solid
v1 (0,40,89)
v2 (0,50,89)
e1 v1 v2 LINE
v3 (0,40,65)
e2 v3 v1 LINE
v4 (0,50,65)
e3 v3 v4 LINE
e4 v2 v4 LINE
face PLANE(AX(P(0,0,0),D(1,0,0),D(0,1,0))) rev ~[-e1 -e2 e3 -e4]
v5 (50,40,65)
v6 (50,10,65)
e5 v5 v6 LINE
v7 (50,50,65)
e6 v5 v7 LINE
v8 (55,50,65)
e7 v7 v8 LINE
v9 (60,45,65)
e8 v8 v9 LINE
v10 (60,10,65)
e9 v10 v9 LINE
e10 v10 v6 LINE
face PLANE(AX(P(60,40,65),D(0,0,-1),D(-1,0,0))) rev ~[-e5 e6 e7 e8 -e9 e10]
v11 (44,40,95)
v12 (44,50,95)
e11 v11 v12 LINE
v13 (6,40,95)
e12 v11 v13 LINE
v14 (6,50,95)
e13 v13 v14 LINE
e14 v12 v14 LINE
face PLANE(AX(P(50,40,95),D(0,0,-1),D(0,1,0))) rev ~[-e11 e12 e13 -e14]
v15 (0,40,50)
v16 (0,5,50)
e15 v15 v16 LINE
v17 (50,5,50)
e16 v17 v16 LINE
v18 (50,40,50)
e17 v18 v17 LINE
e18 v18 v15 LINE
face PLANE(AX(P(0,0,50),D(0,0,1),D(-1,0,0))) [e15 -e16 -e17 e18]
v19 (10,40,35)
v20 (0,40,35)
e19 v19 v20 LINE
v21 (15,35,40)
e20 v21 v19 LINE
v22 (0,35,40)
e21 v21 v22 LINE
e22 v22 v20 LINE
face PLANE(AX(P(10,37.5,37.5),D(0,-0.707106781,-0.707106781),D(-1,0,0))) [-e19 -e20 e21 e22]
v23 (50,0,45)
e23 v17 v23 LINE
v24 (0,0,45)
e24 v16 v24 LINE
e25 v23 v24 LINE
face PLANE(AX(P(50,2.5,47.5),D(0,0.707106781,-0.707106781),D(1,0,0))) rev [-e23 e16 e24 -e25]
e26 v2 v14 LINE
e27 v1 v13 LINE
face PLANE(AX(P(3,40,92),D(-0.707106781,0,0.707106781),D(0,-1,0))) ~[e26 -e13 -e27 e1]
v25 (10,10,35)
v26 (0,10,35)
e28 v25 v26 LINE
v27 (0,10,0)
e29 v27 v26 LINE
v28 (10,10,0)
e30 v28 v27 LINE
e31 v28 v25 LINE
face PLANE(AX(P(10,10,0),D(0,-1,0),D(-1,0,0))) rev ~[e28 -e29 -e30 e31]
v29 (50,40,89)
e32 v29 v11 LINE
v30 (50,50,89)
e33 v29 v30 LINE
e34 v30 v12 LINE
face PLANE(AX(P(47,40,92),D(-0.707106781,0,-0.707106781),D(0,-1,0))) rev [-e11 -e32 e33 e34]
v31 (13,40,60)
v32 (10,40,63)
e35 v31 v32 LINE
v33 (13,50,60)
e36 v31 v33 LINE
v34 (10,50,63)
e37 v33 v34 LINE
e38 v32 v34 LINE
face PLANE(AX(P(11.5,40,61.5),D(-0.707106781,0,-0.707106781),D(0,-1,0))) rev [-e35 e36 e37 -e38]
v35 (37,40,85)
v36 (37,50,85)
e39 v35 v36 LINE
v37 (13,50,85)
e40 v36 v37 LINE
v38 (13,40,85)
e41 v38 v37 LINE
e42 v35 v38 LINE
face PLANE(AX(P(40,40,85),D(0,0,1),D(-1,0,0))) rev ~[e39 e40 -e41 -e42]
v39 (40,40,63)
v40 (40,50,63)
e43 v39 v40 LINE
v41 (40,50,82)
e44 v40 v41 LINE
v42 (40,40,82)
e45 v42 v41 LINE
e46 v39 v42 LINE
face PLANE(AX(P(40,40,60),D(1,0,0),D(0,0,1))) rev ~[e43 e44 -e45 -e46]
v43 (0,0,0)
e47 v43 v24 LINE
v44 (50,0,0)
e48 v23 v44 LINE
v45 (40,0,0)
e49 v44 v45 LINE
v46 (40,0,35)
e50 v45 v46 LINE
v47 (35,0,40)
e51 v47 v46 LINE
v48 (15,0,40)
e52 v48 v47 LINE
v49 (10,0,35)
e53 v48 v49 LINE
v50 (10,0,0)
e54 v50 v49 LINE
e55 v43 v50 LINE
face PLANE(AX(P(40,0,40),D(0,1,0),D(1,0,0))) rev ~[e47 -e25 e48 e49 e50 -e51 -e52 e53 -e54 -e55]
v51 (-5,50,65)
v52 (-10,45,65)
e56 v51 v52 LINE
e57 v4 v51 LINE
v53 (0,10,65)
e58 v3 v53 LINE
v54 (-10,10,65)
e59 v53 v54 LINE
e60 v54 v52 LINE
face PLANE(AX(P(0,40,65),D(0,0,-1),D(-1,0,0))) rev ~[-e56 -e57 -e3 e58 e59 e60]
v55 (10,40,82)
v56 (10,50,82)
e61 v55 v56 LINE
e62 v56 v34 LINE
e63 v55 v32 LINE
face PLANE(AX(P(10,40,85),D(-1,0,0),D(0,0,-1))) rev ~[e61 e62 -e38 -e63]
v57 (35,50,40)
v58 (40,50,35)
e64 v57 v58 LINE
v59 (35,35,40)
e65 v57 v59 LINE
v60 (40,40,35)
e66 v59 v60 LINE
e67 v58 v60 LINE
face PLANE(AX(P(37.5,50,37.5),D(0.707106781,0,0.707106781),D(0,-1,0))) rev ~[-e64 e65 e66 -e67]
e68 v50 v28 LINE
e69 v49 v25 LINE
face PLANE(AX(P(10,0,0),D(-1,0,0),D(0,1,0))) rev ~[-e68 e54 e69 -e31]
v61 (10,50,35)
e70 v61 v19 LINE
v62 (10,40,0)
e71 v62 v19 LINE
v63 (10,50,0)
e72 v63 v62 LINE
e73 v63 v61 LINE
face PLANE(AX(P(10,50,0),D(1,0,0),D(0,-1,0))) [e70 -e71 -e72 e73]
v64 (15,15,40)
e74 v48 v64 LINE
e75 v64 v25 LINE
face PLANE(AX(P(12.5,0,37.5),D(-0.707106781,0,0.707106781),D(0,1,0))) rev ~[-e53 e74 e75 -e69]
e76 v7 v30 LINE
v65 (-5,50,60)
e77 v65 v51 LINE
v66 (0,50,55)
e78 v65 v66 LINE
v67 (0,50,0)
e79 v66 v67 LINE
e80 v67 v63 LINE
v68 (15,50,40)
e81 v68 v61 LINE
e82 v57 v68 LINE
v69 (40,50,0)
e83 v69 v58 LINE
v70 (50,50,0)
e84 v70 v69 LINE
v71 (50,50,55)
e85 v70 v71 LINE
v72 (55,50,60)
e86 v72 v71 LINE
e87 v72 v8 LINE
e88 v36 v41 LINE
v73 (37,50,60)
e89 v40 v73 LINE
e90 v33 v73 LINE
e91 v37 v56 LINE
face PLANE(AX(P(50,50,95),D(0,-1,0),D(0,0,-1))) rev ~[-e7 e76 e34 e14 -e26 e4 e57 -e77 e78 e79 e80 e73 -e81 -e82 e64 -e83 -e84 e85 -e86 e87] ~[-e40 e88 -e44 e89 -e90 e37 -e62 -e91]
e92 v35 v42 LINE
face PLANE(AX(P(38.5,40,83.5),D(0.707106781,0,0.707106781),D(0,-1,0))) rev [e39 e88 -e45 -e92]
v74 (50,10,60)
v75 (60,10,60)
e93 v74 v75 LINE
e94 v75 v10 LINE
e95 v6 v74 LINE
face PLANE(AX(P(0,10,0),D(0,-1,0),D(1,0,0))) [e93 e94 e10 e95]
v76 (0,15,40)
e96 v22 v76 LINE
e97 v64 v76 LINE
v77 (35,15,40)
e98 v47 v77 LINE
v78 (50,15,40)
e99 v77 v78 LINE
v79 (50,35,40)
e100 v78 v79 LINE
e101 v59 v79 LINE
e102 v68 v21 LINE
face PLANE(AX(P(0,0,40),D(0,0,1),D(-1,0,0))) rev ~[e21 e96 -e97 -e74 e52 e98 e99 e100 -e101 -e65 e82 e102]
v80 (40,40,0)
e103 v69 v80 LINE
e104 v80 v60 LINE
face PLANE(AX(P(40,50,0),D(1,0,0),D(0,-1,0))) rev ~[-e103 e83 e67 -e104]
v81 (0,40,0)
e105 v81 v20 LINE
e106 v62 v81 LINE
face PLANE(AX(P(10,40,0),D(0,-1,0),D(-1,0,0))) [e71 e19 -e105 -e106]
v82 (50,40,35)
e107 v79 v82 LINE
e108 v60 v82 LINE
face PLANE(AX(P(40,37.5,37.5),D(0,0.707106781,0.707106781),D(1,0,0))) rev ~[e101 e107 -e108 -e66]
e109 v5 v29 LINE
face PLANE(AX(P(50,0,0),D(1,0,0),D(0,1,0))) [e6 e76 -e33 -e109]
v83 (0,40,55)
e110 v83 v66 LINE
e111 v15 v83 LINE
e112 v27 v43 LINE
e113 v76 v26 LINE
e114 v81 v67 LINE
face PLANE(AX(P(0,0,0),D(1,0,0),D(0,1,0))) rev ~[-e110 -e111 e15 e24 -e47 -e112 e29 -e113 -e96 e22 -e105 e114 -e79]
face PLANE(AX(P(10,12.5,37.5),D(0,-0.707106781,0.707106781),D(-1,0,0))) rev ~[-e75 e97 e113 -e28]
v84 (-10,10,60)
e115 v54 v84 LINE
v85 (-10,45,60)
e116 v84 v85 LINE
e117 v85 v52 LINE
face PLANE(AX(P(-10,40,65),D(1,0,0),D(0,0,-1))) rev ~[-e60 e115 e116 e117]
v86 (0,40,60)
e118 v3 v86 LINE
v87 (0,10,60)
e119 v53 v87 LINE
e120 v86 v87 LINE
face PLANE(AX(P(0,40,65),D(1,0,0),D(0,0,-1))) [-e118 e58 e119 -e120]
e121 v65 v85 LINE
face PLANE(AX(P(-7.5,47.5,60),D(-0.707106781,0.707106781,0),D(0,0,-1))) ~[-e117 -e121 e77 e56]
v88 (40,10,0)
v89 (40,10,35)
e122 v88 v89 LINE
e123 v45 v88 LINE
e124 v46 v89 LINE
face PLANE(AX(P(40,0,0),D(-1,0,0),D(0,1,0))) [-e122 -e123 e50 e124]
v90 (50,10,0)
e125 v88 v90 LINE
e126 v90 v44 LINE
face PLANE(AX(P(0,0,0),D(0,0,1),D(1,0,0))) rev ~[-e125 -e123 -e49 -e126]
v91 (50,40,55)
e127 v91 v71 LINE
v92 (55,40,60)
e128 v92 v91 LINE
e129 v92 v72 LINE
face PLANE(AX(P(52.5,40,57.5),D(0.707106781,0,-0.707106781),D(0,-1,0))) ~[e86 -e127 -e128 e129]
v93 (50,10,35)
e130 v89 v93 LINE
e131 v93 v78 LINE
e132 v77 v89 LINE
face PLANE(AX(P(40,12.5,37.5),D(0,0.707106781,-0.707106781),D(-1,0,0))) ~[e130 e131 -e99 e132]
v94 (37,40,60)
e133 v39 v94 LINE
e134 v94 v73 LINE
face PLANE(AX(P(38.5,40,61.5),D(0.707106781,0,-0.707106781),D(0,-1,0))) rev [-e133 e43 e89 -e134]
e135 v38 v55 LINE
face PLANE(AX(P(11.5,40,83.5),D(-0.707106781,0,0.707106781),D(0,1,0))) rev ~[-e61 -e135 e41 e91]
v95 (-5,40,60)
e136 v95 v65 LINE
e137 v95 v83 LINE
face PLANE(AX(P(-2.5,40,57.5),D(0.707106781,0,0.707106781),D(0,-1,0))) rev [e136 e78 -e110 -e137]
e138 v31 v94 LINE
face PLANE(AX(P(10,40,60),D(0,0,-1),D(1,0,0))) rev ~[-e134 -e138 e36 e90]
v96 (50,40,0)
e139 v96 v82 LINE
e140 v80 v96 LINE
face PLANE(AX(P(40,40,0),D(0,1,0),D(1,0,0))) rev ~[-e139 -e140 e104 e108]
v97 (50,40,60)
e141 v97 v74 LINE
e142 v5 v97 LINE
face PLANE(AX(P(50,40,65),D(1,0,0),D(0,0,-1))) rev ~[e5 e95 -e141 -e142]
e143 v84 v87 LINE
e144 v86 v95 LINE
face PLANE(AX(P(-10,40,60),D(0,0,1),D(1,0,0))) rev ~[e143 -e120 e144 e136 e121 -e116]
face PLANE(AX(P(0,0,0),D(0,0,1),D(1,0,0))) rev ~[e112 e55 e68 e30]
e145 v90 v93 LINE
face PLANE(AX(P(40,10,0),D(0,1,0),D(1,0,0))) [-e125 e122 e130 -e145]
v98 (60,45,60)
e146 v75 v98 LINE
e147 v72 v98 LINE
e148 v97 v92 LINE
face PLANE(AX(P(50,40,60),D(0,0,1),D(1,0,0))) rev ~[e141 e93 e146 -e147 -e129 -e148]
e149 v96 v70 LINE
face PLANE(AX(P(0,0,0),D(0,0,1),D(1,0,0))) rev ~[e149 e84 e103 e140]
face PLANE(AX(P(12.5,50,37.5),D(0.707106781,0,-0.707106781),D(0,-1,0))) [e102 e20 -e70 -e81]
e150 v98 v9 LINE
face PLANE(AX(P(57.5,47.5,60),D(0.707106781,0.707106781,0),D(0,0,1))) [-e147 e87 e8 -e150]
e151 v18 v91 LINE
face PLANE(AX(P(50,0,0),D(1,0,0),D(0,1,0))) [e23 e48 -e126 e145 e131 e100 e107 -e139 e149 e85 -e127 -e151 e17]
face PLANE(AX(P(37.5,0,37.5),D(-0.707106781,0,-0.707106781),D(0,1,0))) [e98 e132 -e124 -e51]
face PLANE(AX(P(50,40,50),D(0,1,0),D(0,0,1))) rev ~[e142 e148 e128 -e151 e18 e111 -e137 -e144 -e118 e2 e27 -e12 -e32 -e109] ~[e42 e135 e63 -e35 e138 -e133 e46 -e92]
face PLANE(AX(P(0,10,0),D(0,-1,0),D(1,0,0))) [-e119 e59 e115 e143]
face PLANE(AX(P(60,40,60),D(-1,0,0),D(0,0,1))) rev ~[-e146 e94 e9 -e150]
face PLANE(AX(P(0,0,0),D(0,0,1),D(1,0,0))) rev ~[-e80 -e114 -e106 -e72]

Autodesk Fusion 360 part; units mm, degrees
sketch "Sketch1" plane through (0, 0, 0) normal (0, 0, 1) x (1, 0, 0) in component "Chair Brutaliste"
  line L0 (0, 0) -> (10, 0)
  line L1 (10, 0) -> (10, 10)
  line L2 (10, 10) -> (0, 10)
  line L3 (0, 10) -> (0, 0)
  line L4 (0, 0) -> (50, 0) construction
  line L5 (50, 0) -> (50, 50) construction
  line L6 (50, 50) -> (0, 50) construction
  line L7 (50, 0) -> (40, 0)
  line L8 (40, 0) -> (40, 10)
  line L9 (40, 10) -> (50, 10)
  line L10 (50, 10) -> (50, 0)
  line L11 (50, 50) -> (40, 50)
  line L12 (40, 50) -> (40, 40)
  line L13 (40, 40) -> (50, 40)
  line L14 (50, 40) -> (50, 50)
  line L15 (0, 50) -> (10, 50)
  line L16 (10, 50) -> (10, 40)
  line L17 (10, 40) -> (0, 40)
  line L18 (0, 40) -> (0, 50)
  dimension "d1" = 10
  dimension "d2" = 50
extrude "Extrude1" add sketch "Sketch1" along normal blind 40 makes body 1 at (3.3333, 50, 13.3333) makes body 2 at (0, 6.6667, 13.3333) makes body 3 at (50, 43.3333, 13.3333) makes body 4 at (43.3333, 10, 13.3333) in component "Chair Brutaliste"
sketch "Sketch2" plane through (0, 0, 40) normal (0, 0, 1) x (-1, 0, 0) in component "Chair Brutaliste"
  line L0 (-50, -10) -> (-40, -10)
  line L1 (-40, -10) -> (-40, 0)
  line L2 (-40, 0) -> (-50, 0)
  line L3 (-50, 0) -> (-50, -10)
  line L4 (-50, -50) -> (0, -50)
  line L5 (0, -50) -> (0, 0)
  line L6 (0, 0) -> (-50, 0)
  line L7 (-50, 0) -> (-50, -50)
extrude "Extrude2" add sketch "Sketch2" along normal blind 10 bodies 1 2 3 4 in component "Chair Brutaliste"
sketch "Sketch3" plane through (50, 0, 0) normal (1, 0, 0) x (0, 1, 0) in component "Chair Brutaliste"
  line L0 (40, 0) -> (50, 0)
  line L1 (50, 0) -> (50, 50)
  line L2 (50, 50) -> (0, 50)
  line L3 (0, 50) -> (0, 0)
  line L4 (0, 0) -> (10, 0)
  line L5 (10, 0) -> (10, 40)
  line L6 (10, 40) -> (40, 40)
  line L7 (40, 40) -> (40, 0)
  line L8 (50, 50) -> (40, 50)
  line L9 (40, 50) -> (40, 95)
  line L10 (40, 95) -> (50, 95)
  line L11 (50, 95) -> (50, 50)
  dimension "d8" = 10
  dimension "d9" = 45
extrude "Extrude3" add sketch "Sketch3" against normal up to surface (50 mm away) contours L2 L8 L9 L10 L11 bodies 1 in component "Chair Brutaliste"
sketch "Sketch4" plane through (0, 40, 0) normal (0, -1, 0) x (1, 0, 0) in component "Chair Brutaliste"
  line L0 (0, 95) -> (0, 50)
  line L1 (0, 50) -> (50, 50)
  line L2 (50, 50) -> (50, 95)
  line L3 (50, 95) -> (0, 95)
  line L4 (10, 60) -> (40, 60)
  line L5 (40, 60) -> (40, 85)
  line L6 (40, 85) -> (10, 85)
  line L7 (10, 85) -> (10, 60)
  dimension "d13" = -10
extrude "Extrude4" cut sketch "Sketch4" against normal up to surface (10 mm away) contours L4 L5 L6 L7 bodies 1 in component "Chair Brutaliste"
chamfer "Chamfer2" distance 5 angle 45 8 edges at (10, 45, 40) (10, 5, 40) (40, 45, 40) (40, 5, 40) (5, 40, 40) (5, 10, 40) (45, 40, 40) (45, 10, 40) on bodies 1 in component "Chair Brutaliste"
chamfer "Chamfer3" distance 3 angle 45 4 edges at (40, 45, 85) (10, 45, 85) (10, 45, 60) (40, 45, 60) on bodies 1 in component "Chair Brutaliste"
chamfer "Chamfer4" distance 6 angle 45 2 edges at (50, 45, 95) (0, 45, 95) on bodies 1 in component "Chair Brutaliste"
sketch "Sketch5" plane through (50, 0, 0) normal (1, 0, 0) x (0, 1, 0) in component "Chair Brutaliste"
  line L0 (50, 89) -> (40, 89)
  line L1 (40, 89) -> (40, 50)
  line L2 (40, 50) -> (0, 50)
  line L3 (0, 50) -> (0, 0)
  line L4 (0, 0) -> (10, 0)
  line L5 (10, 0) -> (10, 35)
  line L6 (10, 35) -> (15, 40)
  line L7 (15, 40) -> (35, 40)
  line L8 (35, 40) -> (40, 35)
  line L9 (40, 35) -> (40, 0)
  line L10 (40, 0) -> (50, 0)
  line L11 (50, 0) -> (50, 89)
  line L12 (40, 50) -> (40, 60) construction
  line L13 (40, 60) -> (40, 65)
  line L14 (40, 60) -> (50, 60)
  line L15 (40, 65) -> (50, 65)
  line L16 (50, 60) -> (50, 65)
  dimension "d19" = 5
  dimension "d20" = 10
extrude "Extrude5" add sketch "Sketch5" along normal blind 10 contours L1 L11 L13 L14 L15 L16 bodies 1 in component "Chair Brutaliste"
sketch "Sketch6" plane through (0, 40, 0) normal (0, -1, 0) x (1, 0, 0) in component "Chair Brutaliste"
  line L0 (13, 85) -> (37, 85)
  line L1 (37, 85) -> (40, 82)
  line L2 (40, 82) -> (40, 63)
  line L3 (40, 63) -> (37, 60)
  line L4 (37, 60) -> (13, 60)
  line L5 (13, 60) -> (10, 63)
  line L6 (10, 63) -> (10, 82)
  line L7 (10, 82) -> (13, 85)
  line L8 (6, 95) -> (0, 89)
  line L9 (0, 89) -> (0, 50)
  line L10 (0, 50) -> (50, 50)
  line L11 (50, 50) -> (50, 60)
  line L12 (50, 60) -> (60, 60)
  line L13 (60, 60) -> (60, 65)
  line L14 (60, 65) -> (50, 65)
  line L15 (50, 65) -> (50, 89)
  line L16 (50, 89) -> (44, 95)
  line L17 (44, 95) -> (6, 95)
  line L18 (50, 65) -> (50, 60)
extrude "Extrude6" add sketch "Sketch6" along normal blind 30 contours L12 L13 L14 L18 bodies 1 in component "Chair Brutaliste"
ref_plane "WorkPlane1" through (25, 25, 44.5) normal (-1, 0, 0) x (0, -1, 0) in component "Chair Brutaliste"
mirror "Mirror1" about plane through (25, 25, 44.5) normal (-1, 0, 0) of "Extrude5" in component "Chair Brutaliste"
sketch "Sketch7" plane through (0, 40, 0) normal (0, -1, 0) x (1, 0, 0) in component "Chair Brutaliste"
  line L0 (50, 60) -> (50, 65)
  line L1 (50, 65) -> (50, 89)
  line L2 (50, 89) -> (44, 95)
  line L3 (44, 95) -> (6, 95)
  line L4 (6, 95) -> (0, 89)
  line L5 (0, 89) -> (0, 65)
  line L6 (0, 65) -> (-10, 65)
  line L7 (-10, 65) -> (-10, 60)
  line L8 (-10, 60) -> (0, 60)
  line L9 (0, 60) -> (0, 50)
  line L10 (0, 50) -> (50, 50)
  line L11 (13, 85) -> (37, 85)
  line L12 (37, 85) -> (40, 82)
  line L13 (40, 82) -> (40, 63)
  line L14 (40, 63) -> (37, 60)
  line L15 (37, 60) -> (13, 60)
  line L16 (13, 60) -> (10, 63)
  line L17 (10, 63) -> (10, 82)
  line L18 (10, 82) -> (13, 85)
  line L19 (0, 65) -> (0, 60)
  line L20 (50, 50) -> (50, 60)
extrude "Extrude7" add sketch "Sketch7" along normal up to surface (30 mm away) contours L6 L7 L8 L19 bodies 1 in component "Chair Brutaliste"
chamfer "Chamfer6" distance 5 angle 45 1 edges at (25, 0, 50) on bodies 1 in component "Chair Brutaliste"
chamfer "Chamfer7" distance 5 angle 45 2 edges at (60, 50, 62.5) (-10, 50, 62.5) on bodies 1 in component "Chair Brutaliste"
chamfer "Chamfer8" distance 5 angle 45 2 edges at (50, 45, 60) (0, 45, 60) on bodies 1 in component "Chair Brutaliste"
component "Chair Brutaliste" placed x (1, 0, 0) y (0, 1, 0) z (0, 0, 1) at (0, 0, 0)
